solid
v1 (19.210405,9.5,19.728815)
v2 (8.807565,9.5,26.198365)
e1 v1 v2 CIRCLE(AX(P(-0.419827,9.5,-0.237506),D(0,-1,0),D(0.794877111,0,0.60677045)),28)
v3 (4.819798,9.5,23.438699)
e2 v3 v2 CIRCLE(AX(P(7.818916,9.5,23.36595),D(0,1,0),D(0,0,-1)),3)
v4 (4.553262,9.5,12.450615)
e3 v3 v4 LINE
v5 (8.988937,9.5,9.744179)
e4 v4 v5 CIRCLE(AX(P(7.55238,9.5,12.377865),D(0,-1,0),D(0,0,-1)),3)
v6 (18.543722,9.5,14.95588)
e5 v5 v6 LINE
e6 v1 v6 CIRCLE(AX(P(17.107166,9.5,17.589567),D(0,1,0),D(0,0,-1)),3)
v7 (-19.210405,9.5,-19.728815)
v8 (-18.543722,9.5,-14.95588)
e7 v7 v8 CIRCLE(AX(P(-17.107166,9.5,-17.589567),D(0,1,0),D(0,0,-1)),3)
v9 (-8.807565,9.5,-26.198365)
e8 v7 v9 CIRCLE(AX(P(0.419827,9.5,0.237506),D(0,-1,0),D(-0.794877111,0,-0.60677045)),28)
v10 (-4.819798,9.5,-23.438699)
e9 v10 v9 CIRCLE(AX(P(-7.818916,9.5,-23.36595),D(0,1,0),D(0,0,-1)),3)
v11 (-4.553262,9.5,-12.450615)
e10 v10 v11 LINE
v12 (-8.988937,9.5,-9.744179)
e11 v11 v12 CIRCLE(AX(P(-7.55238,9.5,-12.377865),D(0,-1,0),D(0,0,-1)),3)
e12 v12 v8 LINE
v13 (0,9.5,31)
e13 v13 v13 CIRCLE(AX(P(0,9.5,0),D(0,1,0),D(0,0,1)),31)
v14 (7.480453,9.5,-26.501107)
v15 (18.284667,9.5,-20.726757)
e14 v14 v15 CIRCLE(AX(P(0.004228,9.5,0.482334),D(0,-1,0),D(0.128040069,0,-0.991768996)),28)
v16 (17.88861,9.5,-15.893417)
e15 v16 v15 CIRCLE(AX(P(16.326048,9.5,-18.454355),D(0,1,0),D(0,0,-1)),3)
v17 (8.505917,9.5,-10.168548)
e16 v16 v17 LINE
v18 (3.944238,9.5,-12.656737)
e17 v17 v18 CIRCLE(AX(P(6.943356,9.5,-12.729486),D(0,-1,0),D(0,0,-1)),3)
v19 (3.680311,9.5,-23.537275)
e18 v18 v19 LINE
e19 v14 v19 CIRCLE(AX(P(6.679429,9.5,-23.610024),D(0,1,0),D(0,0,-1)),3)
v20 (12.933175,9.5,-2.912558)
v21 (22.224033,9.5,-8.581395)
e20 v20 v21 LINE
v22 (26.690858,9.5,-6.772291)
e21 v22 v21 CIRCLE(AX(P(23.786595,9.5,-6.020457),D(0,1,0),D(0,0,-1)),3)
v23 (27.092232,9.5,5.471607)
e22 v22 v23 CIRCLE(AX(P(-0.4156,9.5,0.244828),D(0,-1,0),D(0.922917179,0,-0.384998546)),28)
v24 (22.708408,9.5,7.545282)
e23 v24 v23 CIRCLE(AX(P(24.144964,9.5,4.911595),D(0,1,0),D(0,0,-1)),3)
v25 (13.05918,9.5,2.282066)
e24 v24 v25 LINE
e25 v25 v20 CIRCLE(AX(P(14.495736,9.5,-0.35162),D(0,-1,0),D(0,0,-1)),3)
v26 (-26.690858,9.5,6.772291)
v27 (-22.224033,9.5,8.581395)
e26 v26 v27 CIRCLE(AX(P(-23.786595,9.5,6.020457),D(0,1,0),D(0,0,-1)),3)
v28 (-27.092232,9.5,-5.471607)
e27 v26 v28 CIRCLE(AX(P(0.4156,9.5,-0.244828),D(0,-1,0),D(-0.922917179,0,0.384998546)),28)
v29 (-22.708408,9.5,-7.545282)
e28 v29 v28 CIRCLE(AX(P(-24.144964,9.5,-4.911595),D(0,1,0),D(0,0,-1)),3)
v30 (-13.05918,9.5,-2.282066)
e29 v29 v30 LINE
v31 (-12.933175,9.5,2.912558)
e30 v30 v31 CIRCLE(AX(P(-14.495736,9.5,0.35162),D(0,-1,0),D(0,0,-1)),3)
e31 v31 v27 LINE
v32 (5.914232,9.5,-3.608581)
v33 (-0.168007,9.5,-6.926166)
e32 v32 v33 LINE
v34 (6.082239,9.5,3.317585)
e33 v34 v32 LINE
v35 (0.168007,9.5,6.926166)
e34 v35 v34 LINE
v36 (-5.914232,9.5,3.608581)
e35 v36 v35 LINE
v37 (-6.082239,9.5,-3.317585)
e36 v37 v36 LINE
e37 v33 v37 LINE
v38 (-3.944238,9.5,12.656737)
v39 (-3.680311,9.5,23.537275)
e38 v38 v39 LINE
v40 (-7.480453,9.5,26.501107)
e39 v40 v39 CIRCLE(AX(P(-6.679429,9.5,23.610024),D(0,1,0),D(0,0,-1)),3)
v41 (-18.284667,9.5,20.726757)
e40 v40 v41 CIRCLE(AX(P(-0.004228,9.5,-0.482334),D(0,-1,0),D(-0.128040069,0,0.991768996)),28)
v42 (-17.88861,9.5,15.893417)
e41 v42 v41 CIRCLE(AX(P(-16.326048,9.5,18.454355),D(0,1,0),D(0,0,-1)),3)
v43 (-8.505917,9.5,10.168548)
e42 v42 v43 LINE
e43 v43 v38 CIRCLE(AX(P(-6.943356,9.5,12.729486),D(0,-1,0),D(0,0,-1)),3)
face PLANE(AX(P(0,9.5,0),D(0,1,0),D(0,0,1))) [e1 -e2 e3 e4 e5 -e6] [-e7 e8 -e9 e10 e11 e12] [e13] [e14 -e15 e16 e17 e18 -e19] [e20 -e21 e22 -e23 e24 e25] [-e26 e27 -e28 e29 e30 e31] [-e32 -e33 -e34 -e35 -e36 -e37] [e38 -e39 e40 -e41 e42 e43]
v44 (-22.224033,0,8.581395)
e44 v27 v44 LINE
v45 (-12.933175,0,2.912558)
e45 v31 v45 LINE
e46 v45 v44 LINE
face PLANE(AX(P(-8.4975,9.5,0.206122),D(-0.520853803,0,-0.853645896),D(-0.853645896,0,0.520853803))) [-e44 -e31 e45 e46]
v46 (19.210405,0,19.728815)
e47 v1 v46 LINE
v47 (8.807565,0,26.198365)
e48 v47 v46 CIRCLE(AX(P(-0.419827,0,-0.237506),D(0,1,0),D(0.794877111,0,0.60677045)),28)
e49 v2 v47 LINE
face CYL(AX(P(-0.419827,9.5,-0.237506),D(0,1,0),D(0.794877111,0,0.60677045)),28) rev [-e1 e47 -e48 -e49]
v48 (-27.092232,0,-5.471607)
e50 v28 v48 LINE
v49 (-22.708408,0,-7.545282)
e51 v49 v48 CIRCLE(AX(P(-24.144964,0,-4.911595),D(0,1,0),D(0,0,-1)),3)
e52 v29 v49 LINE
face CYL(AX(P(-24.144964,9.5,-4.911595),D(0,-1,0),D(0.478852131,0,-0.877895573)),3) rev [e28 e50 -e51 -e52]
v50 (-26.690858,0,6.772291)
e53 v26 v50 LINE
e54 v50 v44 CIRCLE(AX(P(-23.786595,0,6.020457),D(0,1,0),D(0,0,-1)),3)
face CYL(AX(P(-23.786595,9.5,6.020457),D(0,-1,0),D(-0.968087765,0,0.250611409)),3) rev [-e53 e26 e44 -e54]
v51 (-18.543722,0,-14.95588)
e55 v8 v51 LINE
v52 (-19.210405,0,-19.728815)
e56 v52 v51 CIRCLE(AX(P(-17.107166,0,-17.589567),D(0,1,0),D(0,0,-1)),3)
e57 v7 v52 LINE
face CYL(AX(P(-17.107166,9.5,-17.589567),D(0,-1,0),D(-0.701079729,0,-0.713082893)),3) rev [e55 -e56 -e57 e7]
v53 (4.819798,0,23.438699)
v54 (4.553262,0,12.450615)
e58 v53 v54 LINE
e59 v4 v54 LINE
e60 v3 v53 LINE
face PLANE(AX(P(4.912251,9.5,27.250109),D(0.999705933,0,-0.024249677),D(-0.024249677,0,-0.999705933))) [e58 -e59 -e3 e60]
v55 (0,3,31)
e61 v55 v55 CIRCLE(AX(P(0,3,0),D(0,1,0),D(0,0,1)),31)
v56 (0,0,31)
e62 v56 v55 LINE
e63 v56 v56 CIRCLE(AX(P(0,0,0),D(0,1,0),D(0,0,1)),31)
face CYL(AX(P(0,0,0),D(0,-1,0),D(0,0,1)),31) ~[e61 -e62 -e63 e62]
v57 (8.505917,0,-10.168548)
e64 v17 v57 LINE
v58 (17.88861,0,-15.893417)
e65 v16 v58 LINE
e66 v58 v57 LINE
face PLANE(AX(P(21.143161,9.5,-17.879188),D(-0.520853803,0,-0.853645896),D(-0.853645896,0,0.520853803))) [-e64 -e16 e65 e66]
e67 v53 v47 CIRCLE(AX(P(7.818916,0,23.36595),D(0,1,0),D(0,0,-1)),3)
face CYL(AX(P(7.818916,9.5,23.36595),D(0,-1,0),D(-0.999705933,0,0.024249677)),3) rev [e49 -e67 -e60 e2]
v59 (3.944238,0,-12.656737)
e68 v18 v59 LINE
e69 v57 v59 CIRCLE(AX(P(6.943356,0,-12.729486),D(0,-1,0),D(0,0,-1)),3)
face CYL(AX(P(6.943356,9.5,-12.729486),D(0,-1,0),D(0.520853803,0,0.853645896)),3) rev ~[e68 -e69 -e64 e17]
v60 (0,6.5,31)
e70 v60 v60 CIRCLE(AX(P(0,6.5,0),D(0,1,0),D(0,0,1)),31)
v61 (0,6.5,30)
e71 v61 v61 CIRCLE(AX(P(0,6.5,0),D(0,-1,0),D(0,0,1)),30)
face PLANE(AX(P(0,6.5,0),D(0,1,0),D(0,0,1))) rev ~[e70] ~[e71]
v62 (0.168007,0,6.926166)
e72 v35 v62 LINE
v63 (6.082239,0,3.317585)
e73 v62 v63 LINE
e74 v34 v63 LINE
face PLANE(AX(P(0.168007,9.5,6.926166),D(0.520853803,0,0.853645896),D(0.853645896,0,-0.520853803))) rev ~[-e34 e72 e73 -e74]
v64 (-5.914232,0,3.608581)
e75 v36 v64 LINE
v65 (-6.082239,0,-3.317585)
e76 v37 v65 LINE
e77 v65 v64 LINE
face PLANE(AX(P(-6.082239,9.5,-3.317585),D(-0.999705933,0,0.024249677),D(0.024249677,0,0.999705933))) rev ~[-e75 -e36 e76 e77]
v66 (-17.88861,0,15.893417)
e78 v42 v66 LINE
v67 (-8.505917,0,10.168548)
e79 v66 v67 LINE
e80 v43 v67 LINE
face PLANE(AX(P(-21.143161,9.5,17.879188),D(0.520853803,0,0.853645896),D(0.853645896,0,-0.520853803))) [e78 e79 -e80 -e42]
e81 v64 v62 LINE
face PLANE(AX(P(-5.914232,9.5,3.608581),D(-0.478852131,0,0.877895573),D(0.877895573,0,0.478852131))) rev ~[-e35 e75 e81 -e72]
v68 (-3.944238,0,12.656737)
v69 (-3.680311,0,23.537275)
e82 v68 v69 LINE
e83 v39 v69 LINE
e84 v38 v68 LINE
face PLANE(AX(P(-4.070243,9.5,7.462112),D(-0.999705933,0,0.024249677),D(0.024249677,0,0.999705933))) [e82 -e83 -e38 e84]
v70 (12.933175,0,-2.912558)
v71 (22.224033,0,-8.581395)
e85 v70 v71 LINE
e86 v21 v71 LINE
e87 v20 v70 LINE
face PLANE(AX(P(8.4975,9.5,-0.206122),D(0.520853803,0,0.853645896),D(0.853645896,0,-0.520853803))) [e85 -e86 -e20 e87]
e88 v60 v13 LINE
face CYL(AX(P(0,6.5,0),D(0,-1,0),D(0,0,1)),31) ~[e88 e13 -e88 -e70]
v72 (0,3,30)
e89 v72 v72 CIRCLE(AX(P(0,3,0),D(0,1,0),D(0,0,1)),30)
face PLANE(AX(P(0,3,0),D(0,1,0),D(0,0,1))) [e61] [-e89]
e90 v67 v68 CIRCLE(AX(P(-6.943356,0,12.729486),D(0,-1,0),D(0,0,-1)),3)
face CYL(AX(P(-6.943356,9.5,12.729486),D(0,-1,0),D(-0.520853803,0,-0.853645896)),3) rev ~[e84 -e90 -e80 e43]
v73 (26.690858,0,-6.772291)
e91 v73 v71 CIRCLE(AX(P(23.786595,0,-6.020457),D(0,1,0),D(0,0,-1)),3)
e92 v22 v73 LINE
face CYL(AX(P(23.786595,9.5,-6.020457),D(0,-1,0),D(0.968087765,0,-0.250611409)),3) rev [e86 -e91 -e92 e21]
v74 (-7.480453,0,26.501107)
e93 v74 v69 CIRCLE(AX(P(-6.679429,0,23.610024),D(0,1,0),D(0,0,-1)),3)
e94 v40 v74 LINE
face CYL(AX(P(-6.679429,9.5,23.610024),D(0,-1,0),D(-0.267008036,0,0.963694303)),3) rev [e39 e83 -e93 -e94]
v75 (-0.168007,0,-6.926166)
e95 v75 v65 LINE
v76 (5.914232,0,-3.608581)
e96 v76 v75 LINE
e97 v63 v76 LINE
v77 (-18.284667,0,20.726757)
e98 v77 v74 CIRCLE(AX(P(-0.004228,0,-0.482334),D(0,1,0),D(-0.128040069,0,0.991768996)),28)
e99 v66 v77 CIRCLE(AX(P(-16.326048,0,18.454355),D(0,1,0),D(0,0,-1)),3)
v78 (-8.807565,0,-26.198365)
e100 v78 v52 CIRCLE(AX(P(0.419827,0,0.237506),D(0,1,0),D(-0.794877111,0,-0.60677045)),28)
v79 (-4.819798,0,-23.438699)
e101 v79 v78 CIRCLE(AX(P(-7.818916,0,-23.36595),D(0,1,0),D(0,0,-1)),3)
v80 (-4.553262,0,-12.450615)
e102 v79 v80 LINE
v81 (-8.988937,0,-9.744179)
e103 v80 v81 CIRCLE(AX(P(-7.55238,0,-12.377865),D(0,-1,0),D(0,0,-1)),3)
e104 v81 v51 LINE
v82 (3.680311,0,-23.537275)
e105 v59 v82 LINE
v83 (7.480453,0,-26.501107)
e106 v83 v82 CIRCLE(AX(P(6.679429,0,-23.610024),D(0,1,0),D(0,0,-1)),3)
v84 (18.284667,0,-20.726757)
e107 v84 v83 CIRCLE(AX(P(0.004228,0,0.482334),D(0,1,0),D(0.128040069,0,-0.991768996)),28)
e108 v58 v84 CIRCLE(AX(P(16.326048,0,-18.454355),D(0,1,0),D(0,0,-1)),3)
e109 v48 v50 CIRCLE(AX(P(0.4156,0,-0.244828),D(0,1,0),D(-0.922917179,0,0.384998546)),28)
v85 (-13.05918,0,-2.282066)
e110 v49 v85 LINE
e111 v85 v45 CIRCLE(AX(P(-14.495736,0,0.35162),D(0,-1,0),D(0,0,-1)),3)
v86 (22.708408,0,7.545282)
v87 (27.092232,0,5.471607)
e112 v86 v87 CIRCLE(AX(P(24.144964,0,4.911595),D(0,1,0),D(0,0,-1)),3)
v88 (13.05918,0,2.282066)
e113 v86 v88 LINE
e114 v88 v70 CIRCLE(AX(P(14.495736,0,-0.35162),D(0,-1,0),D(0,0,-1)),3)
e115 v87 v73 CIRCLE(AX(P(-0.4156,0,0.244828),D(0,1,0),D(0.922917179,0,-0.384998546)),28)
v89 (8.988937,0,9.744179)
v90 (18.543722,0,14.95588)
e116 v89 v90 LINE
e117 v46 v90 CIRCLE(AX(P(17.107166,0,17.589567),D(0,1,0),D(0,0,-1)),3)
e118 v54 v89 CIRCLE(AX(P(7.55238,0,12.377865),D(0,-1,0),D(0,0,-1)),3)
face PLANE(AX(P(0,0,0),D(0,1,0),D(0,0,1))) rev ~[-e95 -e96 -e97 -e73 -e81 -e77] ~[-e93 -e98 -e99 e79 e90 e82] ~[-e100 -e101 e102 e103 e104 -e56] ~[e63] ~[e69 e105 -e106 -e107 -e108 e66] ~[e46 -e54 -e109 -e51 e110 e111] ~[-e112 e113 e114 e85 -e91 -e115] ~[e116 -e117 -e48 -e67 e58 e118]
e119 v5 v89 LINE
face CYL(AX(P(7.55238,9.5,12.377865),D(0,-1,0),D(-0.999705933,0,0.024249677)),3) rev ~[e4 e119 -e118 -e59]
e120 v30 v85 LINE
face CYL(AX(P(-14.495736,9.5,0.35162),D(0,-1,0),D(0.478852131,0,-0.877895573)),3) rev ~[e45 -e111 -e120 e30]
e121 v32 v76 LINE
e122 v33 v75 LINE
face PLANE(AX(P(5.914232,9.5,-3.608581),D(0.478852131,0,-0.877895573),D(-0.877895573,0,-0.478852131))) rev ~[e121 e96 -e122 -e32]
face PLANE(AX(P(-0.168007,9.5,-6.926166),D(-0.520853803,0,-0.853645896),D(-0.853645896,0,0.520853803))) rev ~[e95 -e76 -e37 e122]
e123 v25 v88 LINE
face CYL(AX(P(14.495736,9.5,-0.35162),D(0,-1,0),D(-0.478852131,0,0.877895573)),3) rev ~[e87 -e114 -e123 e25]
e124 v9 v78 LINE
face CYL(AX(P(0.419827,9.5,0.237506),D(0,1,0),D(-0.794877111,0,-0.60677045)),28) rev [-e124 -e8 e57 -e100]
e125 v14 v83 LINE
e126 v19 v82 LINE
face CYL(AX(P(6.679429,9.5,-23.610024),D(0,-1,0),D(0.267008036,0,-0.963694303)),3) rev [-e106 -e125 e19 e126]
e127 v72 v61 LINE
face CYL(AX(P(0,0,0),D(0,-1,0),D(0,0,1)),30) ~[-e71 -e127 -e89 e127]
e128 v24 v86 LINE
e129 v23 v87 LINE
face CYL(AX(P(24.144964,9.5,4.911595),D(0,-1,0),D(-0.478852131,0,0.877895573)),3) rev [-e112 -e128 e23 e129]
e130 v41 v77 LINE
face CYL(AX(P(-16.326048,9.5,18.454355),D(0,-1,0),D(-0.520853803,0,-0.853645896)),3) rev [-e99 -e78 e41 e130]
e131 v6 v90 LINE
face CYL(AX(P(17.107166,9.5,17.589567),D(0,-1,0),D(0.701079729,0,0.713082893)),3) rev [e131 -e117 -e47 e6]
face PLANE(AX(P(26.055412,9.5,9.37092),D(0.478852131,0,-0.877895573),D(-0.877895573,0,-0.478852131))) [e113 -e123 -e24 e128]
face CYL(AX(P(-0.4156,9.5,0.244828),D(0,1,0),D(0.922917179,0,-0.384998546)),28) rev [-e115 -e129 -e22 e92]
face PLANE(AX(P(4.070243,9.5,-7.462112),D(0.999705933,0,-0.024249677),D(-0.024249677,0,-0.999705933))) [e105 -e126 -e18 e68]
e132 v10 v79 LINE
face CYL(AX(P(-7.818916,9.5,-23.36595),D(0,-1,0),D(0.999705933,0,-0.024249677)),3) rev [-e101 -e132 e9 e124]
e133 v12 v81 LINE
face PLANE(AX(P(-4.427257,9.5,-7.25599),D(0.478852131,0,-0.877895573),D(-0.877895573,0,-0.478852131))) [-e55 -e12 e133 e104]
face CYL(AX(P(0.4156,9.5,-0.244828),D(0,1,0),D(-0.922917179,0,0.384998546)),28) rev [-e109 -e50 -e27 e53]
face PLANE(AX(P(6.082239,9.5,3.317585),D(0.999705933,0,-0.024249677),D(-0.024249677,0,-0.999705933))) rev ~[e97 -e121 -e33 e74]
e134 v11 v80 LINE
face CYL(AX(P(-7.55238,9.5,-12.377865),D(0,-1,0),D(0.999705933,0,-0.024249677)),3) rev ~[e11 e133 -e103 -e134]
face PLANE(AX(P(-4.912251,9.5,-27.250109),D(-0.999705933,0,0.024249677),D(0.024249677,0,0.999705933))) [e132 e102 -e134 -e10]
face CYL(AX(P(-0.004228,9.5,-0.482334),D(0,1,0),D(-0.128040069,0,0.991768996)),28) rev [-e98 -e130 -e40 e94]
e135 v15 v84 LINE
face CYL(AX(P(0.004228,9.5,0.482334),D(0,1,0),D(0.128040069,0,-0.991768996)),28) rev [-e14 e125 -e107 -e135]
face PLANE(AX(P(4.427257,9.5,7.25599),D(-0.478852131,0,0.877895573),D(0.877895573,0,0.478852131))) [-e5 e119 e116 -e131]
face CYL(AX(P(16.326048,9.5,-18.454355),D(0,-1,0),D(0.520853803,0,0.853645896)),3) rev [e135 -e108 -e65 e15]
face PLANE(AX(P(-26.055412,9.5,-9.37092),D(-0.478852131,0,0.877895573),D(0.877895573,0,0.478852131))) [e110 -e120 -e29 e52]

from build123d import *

# Parameters (mm, degrees)
SKETCH1_R                = 30
BOSS_EXTRUDE1_DEPTH      = 9.5
SKETCH1_4_R              = 31
SKETCH1_4_R_2            = 30
BOSS_EXTRUDE3_DEPTH      = 3
BOSS_EXTRUDE4_START      = -3
SKETCH4_R                = 31
BOSS_EXTRUDE4_DEPTH      = 3
CUT_EXTRUDE1_DEPTH       = 45.858109635
CUT_EXTRUDE2_DEPTH       = 45.858109635
FILLET1_R                = 3
CIRPATTERN1_COUNT        = 6
FILLET1_OF_CIRPATTERN1_R = 3


with BuildPart() as part:
    # Sketch1 → Boss-Extrude1 (new body)
    with BuildSketch(Plane(origin=(0, 0, 0), x_dir=(1, 0, 0), z_dir=(0, 1, 0))):
        Circle(SKETCH1_R)
    extrude(amount=BOSS_EXTRUDE1_DEPTH)

    # Sketch1<4> → Boss-Extrude3 (add)
    with BuildSketch(Plane(origin=(0, 0, 0), x_dir=(1, 0, 0), z_dir=(0, 1, 0))):
        Circle(SKETCH1_4_R)
        Circle(SKETCH1_4_R_2, mode=Mode.SUBTRACT)
    extrude(amount=BOSS_EXTRUDE3_DEPTH)

    # Sketch4 → Boss-Extrude4 (add)
    with BuildSketch(Plane(origin=(0, 9.5, 0), x_dir=(1, 0, 0), z_dir=(0, 1, 0)).offset(BOSS_EXTRUDE4_START)):
        Circle(SKETCH4_R)
    extrude(amount=BOSS_EXTRUDE4_DEPTH)

    # Sketch6 → Cut-Extrude1 (cut, through all)
    with BuildSketch(Plane(origin=(0, 9.5, 0), x_dir=(1, 0, 0), z_dir=(0, 1, 0))):
        Polygon((-6.082238944, 3.317584879), (-5.914232256, -3.608580998), (0.168006688, -6.926165877), (6.082238944, -3.317584879), (5.914232256, 3.608580998), (-0.168006688, 6.926165877), align=None)
    extrude(amount=-CUT_EXTRUDE1_DEPTH, mode=Mode.SUBTRACT)

    # Sketch7 → Cut-Extrude2 (cut, through all)
    with BuildSketch(Plane(origin=(0, 9.5, 0), x_dir=(1, 0, 0), z_dir=(0, 1, 0))):
        with BuildLine():
            Line((-4.427257323, 7.255990118), (-21.836731707, 16.752067056))
            ThreePointArc((-21.836731707, 16.752067056), (-14.339422173, 23.556707036), (-4.912250855, 27.250108785))
            Line((-4.912250855, 27.250108785), (-4.427257323, 7.255990118))
        make_face()
    cut_extrude2 = extrude(amount=-CUT_EXTRUDE2_DEPTH, mode=Mode.SUBTRACT)

    # Fillet1
    fillet1_edges = [part.edges().sort_by_distance(p)[0] for p in [
        (-4.427257323, 4.75, -7.255990118),
        (-4.912250855, 4.75, -27.250108785),
        (-21.836731707, 4.75, -16.752067056),
    ]]
    fillet(fillet1_edges, radius=FILLET1_R)

    # CirPattern1: Cut-Extrude2 ×6 about axis
    cirpattern1_axis = Axis((0, 9.5, 0), (0, 1, 0))
    for i in range(1, CIRPATTERN1_COUNT):
        add(cut_extrude2.rotate(cirpattern1_axis, i * 360 / CIRPATTERN1_COUNT), mode=Mode.SUBTRACT)

    # Fillet1 of CirPattern1
    fillet1_of_cirpattern1_edges = [part.edges().sort_by_distance(p)[0] for p in [
        (-8.497500434, 4.75, 0.206122251),
        (-26.055411892, 4.75, -9.370920362),
        (-25.42608149, 4.75, 10.535130867),
        (-4.070243111, 4.75, 7.46211237),
        (-21.143161036, 4.75, 17.879188423),
        (-3.589349782, 4.75, 27.287197922),
        (4.427257323, 4.75, 7.255990118),
        (4.912250855, 4.75, 27.250108785),
        (21.836731707, 4.75, 16.752067056),
        (8.497500434, 4.75, -0.206122251),
        (26.055411892, 4.75, 9.370920362),
        (25.42608149, 4.75, -10.535130867),
        (4.070243111, 4.75, -7.46211237),
        (21.143161036, 4.75, -17.879188423),
        (3.589349782, 4.75, -27.287197922),
    ]]
    fillet(fillet1_of_cirpattern1_edges, radius=FILLET1_OF_CIRPATTERN1_R)


solid = part.part
